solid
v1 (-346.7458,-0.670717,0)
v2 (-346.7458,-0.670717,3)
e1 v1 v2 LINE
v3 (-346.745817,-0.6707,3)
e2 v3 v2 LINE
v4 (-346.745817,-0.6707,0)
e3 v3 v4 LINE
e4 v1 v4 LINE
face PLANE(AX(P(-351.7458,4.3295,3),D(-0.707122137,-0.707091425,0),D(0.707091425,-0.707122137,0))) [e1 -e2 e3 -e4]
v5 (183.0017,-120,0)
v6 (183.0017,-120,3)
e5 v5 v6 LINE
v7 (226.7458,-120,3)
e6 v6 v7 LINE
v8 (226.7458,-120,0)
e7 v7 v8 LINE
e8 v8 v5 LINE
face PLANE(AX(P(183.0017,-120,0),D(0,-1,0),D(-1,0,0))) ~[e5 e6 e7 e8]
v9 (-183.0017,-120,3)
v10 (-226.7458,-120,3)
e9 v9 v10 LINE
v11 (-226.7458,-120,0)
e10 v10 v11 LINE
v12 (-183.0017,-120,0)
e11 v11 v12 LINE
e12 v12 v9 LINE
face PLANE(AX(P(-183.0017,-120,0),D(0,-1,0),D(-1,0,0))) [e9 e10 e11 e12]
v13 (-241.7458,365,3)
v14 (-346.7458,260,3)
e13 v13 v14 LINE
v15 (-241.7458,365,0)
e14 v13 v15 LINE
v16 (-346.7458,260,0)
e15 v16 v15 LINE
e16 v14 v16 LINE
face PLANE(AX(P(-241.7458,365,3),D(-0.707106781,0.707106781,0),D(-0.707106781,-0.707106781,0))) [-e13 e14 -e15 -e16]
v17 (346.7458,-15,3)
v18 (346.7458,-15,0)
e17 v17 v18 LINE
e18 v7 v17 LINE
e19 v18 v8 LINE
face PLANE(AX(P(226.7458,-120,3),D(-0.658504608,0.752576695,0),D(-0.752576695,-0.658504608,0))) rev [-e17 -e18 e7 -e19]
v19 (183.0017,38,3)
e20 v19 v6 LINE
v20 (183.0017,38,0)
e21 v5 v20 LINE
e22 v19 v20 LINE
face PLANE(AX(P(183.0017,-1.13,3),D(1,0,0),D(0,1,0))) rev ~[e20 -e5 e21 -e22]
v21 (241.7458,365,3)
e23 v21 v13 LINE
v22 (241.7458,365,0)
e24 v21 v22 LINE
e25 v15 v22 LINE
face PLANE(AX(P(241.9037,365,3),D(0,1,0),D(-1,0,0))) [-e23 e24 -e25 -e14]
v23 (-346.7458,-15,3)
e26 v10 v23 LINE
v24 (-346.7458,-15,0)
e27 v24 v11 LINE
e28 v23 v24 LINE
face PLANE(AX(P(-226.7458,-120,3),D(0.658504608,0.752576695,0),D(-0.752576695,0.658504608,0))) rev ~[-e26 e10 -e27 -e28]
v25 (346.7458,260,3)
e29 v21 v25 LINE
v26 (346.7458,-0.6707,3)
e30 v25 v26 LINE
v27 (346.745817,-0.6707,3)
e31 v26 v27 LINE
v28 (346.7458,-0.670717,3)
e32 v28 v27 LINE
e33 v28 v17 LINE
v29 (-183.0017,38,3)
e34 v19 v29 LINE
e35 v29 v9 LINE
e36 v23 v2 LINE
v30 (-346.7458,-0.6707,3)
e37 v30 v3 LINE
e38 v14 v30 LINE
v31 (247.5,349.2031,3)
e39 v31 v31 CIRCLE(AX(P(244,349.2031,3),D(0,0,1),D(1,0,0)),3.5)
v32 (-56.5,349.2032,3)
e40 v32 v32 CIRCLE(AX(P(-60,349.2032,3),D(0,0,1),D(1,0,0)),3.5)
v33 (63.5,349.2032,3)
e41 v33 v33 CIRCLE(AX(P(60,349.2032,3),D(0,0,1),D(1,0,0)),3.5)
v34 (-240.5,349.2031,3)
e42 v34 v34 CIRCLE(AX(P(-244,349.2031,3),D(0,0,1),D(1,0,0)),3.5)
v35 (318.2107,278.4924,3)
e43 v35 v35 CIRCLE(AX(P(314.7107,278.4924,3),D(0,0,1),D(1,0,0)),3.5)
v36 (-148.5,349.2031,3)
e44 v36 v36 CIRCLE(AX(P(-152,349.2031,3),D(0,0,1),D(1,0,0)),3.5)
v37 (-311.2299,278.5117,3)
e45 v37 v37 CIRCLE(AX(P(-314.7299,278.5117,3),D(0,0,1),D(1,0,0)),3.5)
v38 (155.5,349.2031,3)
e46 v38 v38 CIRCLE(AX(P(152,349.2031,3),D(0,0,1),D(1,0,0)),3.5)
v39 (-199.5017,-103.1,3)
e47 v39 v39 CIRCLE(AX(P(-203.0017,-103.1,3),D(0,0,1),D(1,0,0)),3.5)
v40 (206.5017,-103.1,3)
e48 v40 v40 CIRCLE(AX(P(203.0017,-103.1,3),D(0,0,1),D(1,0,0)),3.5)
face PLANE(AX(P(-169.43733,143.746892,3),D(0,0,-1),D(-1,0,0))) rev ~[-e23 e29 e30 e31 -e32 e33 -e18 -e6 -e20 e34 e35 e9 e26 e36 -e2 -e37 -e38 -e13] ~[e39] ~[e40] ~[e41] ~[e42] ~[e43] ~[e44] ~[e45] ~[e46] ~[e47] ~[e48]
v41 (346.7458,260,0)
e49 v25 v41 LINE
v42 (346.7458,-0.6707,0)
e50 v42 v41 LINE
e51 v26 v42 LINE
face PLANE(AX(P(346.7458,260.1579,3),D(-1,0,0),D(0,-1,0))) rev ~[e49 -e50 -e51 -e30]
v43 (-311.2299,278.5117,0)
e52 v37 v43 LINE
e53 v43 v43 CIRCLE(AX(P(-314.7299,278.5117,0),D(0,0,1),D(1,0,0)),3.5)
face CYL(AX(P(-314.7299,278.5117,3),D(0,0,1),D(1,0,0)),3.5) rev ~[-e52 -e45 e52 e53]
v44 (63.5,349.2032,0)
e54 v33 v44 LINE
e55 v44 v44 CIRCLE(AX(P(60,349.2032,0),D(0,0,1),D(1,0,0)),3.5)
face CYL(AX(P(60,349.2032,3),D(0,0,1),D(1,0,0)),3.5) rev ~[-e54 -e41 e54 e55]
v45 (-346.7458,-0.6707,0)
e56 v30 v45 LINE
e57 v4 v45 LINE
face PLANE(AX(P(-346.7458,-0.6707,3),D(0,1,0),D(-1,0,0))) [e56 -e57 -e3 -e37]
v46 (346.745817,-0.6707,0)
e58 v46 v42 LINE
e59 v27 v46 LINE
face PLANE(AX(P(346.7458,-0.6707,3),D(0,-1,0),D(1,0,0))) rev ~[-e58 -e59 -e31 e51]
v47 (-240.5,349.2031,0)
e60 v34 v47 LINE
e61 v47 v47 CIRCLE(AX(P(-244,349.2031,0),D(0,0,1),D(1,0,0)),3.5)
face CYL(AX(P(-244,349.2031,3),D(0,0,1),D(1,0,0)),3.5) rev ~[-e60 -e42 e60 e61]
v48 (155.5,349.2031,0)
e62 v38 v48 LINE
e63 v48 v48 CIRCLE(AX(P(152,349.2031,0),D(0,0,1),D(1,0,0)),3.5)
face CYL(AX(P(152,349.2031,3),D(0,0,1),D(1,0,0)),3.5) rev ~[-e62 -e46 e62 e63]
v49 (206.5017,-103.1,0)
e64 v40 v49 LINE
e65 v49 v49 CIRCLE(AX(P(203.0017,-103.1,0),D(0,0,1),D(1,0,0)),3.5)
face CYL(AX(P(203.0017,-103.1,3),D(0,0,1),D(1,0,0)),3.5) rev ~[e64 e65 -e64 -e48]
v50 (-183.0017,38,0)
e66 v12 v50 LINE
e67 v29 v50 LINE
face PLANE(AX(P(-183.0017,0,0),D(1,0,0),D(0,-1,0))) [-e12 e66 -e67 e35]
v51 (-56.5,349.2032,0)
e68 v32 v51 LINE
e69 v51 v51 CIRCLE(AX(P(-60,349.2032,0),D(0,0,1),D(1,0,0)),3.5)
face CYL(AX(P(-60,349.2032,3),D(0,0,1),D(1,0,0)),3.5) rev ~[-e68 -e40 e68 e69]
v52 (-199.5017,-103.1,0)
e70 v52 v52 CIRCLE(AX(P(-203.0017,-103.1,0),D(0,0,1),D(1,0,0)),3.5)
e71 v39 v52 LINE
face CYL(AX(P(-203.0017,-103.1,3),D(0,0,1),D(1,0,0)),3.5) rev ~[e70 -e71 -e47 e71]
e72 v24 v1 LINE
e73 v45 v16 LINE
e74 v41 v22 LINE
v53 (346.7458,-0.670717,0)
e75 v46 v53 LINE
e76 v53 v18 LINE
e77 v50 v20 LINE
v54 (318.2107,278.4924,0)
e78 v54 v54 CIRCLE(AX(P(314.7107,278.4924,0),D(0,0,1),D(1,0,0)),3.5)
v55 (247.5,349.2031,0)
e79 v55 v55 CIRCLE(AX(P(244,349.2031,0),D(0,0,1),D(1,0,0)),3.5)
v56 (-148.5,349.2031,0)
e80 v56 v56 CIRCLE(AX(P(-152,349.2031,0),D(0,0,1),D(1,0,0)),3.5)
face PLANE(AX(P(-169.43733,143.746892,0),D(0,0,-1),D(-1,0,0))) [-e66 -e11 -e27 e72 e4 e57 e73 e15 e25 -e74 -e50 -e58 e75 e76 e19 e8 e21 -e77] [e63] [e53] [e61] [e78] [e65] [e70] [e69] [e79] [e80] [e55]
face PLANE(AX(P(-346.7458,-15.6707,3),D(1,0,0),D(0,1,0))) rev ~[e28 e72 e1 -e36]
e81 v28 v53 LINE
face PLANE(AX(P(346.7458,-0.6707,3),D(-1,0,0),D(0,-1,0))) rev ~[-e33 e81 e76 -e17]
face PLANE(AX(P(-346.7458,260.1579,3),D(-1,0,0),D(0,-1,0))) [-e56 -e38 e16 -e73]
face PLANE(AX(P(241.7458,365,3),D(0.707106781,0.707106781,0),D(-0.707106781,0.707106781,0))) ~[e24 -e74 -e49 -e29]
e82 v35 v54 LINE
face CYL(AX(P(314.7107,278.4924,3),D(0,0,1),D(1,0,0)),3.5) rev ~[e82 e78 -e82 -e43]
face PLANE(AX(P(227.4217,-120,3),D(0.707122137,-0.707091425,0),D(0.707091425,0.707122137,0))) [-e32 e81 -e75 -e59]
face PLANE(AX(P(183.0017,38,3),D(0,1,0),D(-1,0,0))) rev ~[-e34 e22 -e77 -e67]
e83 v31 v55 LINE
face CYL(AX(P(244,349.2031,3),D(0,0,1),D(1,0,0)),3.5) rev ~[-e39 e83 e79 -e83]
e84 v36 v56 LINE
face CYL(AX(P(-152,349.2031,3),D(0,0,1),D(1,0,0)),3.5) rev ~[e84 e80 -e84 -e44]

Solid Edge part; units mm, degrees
sketch "Sketch1" plane through (0, 0, 0) normal (0, 0, 1) x (1, 0, 0)
  line L0 (-183.0017, -120) -> (-227.4217, -120)
  line L1 (-289.5811, -57.8353) -> (-227.4217, -120)
  line L2 (-289.5811, -57.8353) -> (-351.7458, 4.3295)
  line L3 (-351.7458, 129.7437) -> (-351.7458, 4.3295)
  line L4 (-351.7458, 129.7437) -> (-351.7458, 255.1579)
  line L5 (-289.4346, 317.4691) -> (-351.7458, 255.1579)
  line L6 (-289.4346, 317.4691) -> (-227.7006, 379.2031)
  line L7 (0, 379.2031) -> (-227.7006, 379.2031)
  line L8 (0, 379.2031) -> (0, 0)
  line L9 (0, 0) -> (-183.0017, 0)
  line L10 (-183.0017, 0) -> (-183.0017, -120)
  dimension "D1" = 351.7458
  dimension "D2" = 227.7006
  dimension "D3" = 120
  dimension "D4" = 44.42
  dimension "D5" = 87.3051
  dimension "D6" = 88.1213
  dimension "D7" = 125.4142
  dimension "D8" = 125.4142
  dimension "D9" = 87.9142
  dimension "D10" = 87.9104
  dimension "D11" = 499.2031
extrude "Protrusion1" add sketch "Sketch1" along normal blind 3
mirror "Mirror1" about plane through (0, 0, 0) normal (1, 0, 0) of "Protrusion1"
sketch "Sketch2" plane through (0, 149.6016, 0) normal (0, 0, -1) x (-1, 0, 0)
  line L0 (-351.7458, -111.1142) -> (-193.1203, -269.6016)
  line L1 (-193.1203, -269.6016) -> (-227.4217, -269.6016)
  arc A0 (-351.7458, -145.2721) -> (-227.4217, -269.6016) centre (-220.2414, -138.0974) ccw
  line L2 (-351.7458, -111.1142) -> (-351.7458, -145.2721)
  dimension "D1" = 131.7
extrude "Protrusion2" add sketch "Sketch2" against normal up to vertex (3 mm away)
sketch "Sketch3" plane through (0, 149.6016, 0) normal (0, 0, -1) x (-1, 0, 0)
  line L0 (-227.7006, 229.6016) -> (-351.7458, 105.5563)
  arc A0 (-351.7458, 105.5563) -> (-227.7006, 229.6016) centre (-220.2564, 98.1121) cw
extrude "Protrusion3" add sketch "Sketch3" against normal up to vertex (3 mm away)
mirror "Mirror2" about plane through (0, 0, 0) normal (1, 0, 0) of "Protrusion3", "Protrusion2"
sketch "Sketch4" plane through (0, 0, 2.5) normal (0, -1, 0) x (1, 0, 0)
  line L0 (-183.0017, 0.5) -> (183.0017, 0.5)
  line L1 (183.0017, 0.5) -> (183.0017, -2.5)
  line L2 (183.0017, -2.5) -> (-183.0017, -2.5)
  line L3 (-183.0017, -2.5) -> (-183.0017, 0.5)
extrude "Protrusion6" add sketch "Sketch4" along normal blind 1.13
sketch "Sketch5" plane through (0, 129.6016, 3) normal (0, 0, 1) x (1, 0, 0)
  line L0 (-183.0017, -130.7316) -> (183.0017, -130.7316)
  line L1 (183.0017, -130.7316) -> (183.0017, -115.7316)
  line L2 (183.0017, -115.7316) -> (-183.0017, -115.7316)
  line L3 (-183.0017, -115.7316) -> (-183.0017, -130.7316)
  dimension "D1" = 15
extrude "Cutout1" cut sketch "Sketch5" against normal through all
sketch "Sketch6" plane through (0, 129.6016, 3) normal (0, 0, 1) x (1, 0, 0)
  circle A0 centre (-203.0017, -232.7016) radius 3.5
  circle A1 centre (203.0017, -232.7016) radius 3.5
  dimension "D1" = 7
  dimension "D2" = 20
  dimension "D3" = 16.9
extrude "Cutout2" cut sketch "Sketch6" against normal through all
sketch "Sketch7" plane through (0, 129.6016, 3) normal (0, 0, 1) x (1, 0, 0)
  circle A0 centre (-60, 219.6016) radius 3.5
  circle A1 centre (60, 219.6016) radius 3.5
  dimension "D1" = 120
  dimension "D2" = 7
  dimension "D3" = 30
extrude "Cutout3" cut sketch "Sketch7" against normal through all
sketch "Sketch8" plane through (0, 129.6016, 3) normal (0, 0, 1) x (1, 0, 0)
  line L0 (-351.7458, 125.5563) -> (-227.7006, 249.6016)
  line L1 (-227.7006, 249.6016) -> (-363.4952, 305.1732)
  line L2 (-363.4952, 305.1732) -> (-448.4916, 154.169)
  line L3 (-448.4916, 154.169) -> (-351.7458, 125.5563)
  line L4 (227.7006, 249.6016) -> (351.7458, 125.5563)
  line L5 (451.8618, 235.0605) -> (351.7458, 125.5563)
  line L6 (265.8398, 326.8744) -> (451.8618, 235.0605)
  line L7 (227.7006, 249.6016) -> (265.8398, 326.8744)
  line L8 (-351.7458, -125.2721) -> (-227.4217, -249.6016)
  line L9 (-294.7747, -355.8094) -> (-227.4217, -249.6016)
  line L10 (-435.8326, -227.4106) -> (-294.7747, -355.8094)
  line L11 (-351.7458, -125.2721) -> (-435.8326, -227.4106)
  line L12 (227.4217, -249.6016) -> (351.7458, -125.2721)
  line L13 (351.7458, -125.2721) -> (481.0434, -232.7016)
  line L14 (481.0434, -232.7016) -> (340.8898, -317.8323)
  line L15 (340.8898, -317.8323) -> (227.4217, -249.6016)
extrude "Cutout4" cut sketch "Sketch8" against normal through all
sketch "Sketch9" plane through (0, 129.6016, 3) normal (0, 0, 1) x (1, 0, 0)
  line L0 (-241.9037, 279.2919) -> (241.9037, 279.2919)
  line L1 (241.9037, 279.2919) -> (241.9037, 235.3984)
  line L2 (241.9037, 235.3984) -> (-241.9037, 235.3984)
  line L3 (-241.9037, 235.3984) -> (-241.9037, 279.2919)
  dimension "D1" = 485
extrude "Cutout5" cut sketch "Sketch9" against normal through all
sketch "Sketch10" plane through (0, 122.5, 3) normal (0, 0, 1) x (1, 0, 0)
  circle A0 centre (-314.7299, 156.0117) radius 3.5
  circle A1 centre (-152, 226.7031) radius 3.5
  circle A2 centre (152, 226.7031) radius 3.5
  circle A3 centre (244, 226.7031) radius 3.5
  circle A4 centre (314.7107, 155.9924) radius 3.5
  circle A5 centre (-244, 226.7031) radius 3.5
  dimension "D1" = 100
  dimension "D2" = 9.6701
  dimension "D3" = 184
extrude "Cutout6" cut sketch "Sketch10" against normal through all
sketch "Sketch11" plane through (0, 122.5, 3) normal (0, 0, 1) x (1, 0, 0)
  line L0 (-346.7458, -123.1707) -> (-389.0462, -123.1707)
  line L1 (-389.0462, -123.1707) -> (-389.0462, 137.6579)
  line L2 (-389.0462, 137.6579) -> (-346.7458, 137.6579)
  line L3 (-346.7458, 137.6579) -> (-346.7458, -123.1707)
  line L4 (346.7458, -123.1707) -> (391.6035, -123.1707)
  line L5 (391.6035, -123.1707) -> (391.6035, 137.6579)
  line L6 (391.6035, 137.6579) -> (346.7458, 137.6579)
  line L7 (346.7458, 137.6579) -> (346.7458, -123.1707)
  dimension "D1" = 5
  dimension "D2" = 5
extrude "Cutout7" cut sketch "Sketch11" against normal through all
sketch "Sketch12" plane through (0, 122.5, 3) normal (0, 0, 1) x (1, 0, 0)
  line L0 (-183.0017, -108.63) -> (183.0017, -108.63)
  line L1 (183.0017, -108.63) -> (183.0017, -84.5)
  line L2 (183.0017, -84.5) -> (-183.0017, -84.5)
  line L3 (-183.0017, -84.5) -> (-183.0017, -108.63)
  dimension "D1" = 158
extrude "Cutout8" cut sketch "Sketch12" against normal through all
sketch "Sketch13" plane through (0, 122.5, 3) normal (0, 0, 1) x (1, 0, 0)
  line L0 (-227.4217, -242.5) -> (-346.7458, -138.1707)
  line L1 (-346.7458, -138.1707) -> (-346.7458, -123.1707)
  line L2 (-346.7458, -123.1707) -> (-227.4217, -242.5)
  line L3 (227.4217, -242.5) -> (346.7458, -123.1707)
  line L4 (346.7458, -123.1707) -> (346.7458, -138.1707)
  line L5 (346.7458, -138.1707) -> (227.4217, -242.5)
  dimension "D1" = 15
  dimension "D2" = 15
extrude "Protrusion7" add sketch "Sketch13" against normal up to vertex (3 mm away)
sketch "Sketch14" plane through (0, 122.5, 3) normal (0, 0, 1) x (1, 0, 0)
  line L0 (-241.7458, 242.5) -> (-346.7458, 137.5)
  line L1 (-346.7458, 137.5) -> (-371.6237, 169.0493)
  line L2 (-371.6237, 169.0493) -> (-268.0776, 273.8459)
  line L3 (-268.0776, 273.8459) -> (-241.7458, 242.5)
  dimension "D1" = 105
extrude "Cutout9" cut sketch "Sketch14" against normal through all
mirror "Mirror3" about plane through (0, 0, 0) normal (1, 0, 0) of "Cutout9"
sketch "Sketch15" plane through (0, 122.5, 3) normal (0, 0, 1) x (1, 0, 0)
  line L0 (-226.7458, -242.5) -> (-346.7458, -137.5)
  line L1 (-346.7458, -137.5) -> (-366.1295, -195.1398)
  line L2 (-366.1295, -195.1398) -> (-252.7979, -291.374)
  line L3 (-252.7979, -291.374) -> (-226.7458, -242.5)
  dimension "D1" = 105
  dimension "D2" = 120
extrude "Cutout10" cut sketch "Sketch15" against normal through all
mirror "Mirror4" about plane through (0, 0, 0) normal (1, 0, 0) of "Cutout10"
properties material "ABS-Plastik, mittelfest"
